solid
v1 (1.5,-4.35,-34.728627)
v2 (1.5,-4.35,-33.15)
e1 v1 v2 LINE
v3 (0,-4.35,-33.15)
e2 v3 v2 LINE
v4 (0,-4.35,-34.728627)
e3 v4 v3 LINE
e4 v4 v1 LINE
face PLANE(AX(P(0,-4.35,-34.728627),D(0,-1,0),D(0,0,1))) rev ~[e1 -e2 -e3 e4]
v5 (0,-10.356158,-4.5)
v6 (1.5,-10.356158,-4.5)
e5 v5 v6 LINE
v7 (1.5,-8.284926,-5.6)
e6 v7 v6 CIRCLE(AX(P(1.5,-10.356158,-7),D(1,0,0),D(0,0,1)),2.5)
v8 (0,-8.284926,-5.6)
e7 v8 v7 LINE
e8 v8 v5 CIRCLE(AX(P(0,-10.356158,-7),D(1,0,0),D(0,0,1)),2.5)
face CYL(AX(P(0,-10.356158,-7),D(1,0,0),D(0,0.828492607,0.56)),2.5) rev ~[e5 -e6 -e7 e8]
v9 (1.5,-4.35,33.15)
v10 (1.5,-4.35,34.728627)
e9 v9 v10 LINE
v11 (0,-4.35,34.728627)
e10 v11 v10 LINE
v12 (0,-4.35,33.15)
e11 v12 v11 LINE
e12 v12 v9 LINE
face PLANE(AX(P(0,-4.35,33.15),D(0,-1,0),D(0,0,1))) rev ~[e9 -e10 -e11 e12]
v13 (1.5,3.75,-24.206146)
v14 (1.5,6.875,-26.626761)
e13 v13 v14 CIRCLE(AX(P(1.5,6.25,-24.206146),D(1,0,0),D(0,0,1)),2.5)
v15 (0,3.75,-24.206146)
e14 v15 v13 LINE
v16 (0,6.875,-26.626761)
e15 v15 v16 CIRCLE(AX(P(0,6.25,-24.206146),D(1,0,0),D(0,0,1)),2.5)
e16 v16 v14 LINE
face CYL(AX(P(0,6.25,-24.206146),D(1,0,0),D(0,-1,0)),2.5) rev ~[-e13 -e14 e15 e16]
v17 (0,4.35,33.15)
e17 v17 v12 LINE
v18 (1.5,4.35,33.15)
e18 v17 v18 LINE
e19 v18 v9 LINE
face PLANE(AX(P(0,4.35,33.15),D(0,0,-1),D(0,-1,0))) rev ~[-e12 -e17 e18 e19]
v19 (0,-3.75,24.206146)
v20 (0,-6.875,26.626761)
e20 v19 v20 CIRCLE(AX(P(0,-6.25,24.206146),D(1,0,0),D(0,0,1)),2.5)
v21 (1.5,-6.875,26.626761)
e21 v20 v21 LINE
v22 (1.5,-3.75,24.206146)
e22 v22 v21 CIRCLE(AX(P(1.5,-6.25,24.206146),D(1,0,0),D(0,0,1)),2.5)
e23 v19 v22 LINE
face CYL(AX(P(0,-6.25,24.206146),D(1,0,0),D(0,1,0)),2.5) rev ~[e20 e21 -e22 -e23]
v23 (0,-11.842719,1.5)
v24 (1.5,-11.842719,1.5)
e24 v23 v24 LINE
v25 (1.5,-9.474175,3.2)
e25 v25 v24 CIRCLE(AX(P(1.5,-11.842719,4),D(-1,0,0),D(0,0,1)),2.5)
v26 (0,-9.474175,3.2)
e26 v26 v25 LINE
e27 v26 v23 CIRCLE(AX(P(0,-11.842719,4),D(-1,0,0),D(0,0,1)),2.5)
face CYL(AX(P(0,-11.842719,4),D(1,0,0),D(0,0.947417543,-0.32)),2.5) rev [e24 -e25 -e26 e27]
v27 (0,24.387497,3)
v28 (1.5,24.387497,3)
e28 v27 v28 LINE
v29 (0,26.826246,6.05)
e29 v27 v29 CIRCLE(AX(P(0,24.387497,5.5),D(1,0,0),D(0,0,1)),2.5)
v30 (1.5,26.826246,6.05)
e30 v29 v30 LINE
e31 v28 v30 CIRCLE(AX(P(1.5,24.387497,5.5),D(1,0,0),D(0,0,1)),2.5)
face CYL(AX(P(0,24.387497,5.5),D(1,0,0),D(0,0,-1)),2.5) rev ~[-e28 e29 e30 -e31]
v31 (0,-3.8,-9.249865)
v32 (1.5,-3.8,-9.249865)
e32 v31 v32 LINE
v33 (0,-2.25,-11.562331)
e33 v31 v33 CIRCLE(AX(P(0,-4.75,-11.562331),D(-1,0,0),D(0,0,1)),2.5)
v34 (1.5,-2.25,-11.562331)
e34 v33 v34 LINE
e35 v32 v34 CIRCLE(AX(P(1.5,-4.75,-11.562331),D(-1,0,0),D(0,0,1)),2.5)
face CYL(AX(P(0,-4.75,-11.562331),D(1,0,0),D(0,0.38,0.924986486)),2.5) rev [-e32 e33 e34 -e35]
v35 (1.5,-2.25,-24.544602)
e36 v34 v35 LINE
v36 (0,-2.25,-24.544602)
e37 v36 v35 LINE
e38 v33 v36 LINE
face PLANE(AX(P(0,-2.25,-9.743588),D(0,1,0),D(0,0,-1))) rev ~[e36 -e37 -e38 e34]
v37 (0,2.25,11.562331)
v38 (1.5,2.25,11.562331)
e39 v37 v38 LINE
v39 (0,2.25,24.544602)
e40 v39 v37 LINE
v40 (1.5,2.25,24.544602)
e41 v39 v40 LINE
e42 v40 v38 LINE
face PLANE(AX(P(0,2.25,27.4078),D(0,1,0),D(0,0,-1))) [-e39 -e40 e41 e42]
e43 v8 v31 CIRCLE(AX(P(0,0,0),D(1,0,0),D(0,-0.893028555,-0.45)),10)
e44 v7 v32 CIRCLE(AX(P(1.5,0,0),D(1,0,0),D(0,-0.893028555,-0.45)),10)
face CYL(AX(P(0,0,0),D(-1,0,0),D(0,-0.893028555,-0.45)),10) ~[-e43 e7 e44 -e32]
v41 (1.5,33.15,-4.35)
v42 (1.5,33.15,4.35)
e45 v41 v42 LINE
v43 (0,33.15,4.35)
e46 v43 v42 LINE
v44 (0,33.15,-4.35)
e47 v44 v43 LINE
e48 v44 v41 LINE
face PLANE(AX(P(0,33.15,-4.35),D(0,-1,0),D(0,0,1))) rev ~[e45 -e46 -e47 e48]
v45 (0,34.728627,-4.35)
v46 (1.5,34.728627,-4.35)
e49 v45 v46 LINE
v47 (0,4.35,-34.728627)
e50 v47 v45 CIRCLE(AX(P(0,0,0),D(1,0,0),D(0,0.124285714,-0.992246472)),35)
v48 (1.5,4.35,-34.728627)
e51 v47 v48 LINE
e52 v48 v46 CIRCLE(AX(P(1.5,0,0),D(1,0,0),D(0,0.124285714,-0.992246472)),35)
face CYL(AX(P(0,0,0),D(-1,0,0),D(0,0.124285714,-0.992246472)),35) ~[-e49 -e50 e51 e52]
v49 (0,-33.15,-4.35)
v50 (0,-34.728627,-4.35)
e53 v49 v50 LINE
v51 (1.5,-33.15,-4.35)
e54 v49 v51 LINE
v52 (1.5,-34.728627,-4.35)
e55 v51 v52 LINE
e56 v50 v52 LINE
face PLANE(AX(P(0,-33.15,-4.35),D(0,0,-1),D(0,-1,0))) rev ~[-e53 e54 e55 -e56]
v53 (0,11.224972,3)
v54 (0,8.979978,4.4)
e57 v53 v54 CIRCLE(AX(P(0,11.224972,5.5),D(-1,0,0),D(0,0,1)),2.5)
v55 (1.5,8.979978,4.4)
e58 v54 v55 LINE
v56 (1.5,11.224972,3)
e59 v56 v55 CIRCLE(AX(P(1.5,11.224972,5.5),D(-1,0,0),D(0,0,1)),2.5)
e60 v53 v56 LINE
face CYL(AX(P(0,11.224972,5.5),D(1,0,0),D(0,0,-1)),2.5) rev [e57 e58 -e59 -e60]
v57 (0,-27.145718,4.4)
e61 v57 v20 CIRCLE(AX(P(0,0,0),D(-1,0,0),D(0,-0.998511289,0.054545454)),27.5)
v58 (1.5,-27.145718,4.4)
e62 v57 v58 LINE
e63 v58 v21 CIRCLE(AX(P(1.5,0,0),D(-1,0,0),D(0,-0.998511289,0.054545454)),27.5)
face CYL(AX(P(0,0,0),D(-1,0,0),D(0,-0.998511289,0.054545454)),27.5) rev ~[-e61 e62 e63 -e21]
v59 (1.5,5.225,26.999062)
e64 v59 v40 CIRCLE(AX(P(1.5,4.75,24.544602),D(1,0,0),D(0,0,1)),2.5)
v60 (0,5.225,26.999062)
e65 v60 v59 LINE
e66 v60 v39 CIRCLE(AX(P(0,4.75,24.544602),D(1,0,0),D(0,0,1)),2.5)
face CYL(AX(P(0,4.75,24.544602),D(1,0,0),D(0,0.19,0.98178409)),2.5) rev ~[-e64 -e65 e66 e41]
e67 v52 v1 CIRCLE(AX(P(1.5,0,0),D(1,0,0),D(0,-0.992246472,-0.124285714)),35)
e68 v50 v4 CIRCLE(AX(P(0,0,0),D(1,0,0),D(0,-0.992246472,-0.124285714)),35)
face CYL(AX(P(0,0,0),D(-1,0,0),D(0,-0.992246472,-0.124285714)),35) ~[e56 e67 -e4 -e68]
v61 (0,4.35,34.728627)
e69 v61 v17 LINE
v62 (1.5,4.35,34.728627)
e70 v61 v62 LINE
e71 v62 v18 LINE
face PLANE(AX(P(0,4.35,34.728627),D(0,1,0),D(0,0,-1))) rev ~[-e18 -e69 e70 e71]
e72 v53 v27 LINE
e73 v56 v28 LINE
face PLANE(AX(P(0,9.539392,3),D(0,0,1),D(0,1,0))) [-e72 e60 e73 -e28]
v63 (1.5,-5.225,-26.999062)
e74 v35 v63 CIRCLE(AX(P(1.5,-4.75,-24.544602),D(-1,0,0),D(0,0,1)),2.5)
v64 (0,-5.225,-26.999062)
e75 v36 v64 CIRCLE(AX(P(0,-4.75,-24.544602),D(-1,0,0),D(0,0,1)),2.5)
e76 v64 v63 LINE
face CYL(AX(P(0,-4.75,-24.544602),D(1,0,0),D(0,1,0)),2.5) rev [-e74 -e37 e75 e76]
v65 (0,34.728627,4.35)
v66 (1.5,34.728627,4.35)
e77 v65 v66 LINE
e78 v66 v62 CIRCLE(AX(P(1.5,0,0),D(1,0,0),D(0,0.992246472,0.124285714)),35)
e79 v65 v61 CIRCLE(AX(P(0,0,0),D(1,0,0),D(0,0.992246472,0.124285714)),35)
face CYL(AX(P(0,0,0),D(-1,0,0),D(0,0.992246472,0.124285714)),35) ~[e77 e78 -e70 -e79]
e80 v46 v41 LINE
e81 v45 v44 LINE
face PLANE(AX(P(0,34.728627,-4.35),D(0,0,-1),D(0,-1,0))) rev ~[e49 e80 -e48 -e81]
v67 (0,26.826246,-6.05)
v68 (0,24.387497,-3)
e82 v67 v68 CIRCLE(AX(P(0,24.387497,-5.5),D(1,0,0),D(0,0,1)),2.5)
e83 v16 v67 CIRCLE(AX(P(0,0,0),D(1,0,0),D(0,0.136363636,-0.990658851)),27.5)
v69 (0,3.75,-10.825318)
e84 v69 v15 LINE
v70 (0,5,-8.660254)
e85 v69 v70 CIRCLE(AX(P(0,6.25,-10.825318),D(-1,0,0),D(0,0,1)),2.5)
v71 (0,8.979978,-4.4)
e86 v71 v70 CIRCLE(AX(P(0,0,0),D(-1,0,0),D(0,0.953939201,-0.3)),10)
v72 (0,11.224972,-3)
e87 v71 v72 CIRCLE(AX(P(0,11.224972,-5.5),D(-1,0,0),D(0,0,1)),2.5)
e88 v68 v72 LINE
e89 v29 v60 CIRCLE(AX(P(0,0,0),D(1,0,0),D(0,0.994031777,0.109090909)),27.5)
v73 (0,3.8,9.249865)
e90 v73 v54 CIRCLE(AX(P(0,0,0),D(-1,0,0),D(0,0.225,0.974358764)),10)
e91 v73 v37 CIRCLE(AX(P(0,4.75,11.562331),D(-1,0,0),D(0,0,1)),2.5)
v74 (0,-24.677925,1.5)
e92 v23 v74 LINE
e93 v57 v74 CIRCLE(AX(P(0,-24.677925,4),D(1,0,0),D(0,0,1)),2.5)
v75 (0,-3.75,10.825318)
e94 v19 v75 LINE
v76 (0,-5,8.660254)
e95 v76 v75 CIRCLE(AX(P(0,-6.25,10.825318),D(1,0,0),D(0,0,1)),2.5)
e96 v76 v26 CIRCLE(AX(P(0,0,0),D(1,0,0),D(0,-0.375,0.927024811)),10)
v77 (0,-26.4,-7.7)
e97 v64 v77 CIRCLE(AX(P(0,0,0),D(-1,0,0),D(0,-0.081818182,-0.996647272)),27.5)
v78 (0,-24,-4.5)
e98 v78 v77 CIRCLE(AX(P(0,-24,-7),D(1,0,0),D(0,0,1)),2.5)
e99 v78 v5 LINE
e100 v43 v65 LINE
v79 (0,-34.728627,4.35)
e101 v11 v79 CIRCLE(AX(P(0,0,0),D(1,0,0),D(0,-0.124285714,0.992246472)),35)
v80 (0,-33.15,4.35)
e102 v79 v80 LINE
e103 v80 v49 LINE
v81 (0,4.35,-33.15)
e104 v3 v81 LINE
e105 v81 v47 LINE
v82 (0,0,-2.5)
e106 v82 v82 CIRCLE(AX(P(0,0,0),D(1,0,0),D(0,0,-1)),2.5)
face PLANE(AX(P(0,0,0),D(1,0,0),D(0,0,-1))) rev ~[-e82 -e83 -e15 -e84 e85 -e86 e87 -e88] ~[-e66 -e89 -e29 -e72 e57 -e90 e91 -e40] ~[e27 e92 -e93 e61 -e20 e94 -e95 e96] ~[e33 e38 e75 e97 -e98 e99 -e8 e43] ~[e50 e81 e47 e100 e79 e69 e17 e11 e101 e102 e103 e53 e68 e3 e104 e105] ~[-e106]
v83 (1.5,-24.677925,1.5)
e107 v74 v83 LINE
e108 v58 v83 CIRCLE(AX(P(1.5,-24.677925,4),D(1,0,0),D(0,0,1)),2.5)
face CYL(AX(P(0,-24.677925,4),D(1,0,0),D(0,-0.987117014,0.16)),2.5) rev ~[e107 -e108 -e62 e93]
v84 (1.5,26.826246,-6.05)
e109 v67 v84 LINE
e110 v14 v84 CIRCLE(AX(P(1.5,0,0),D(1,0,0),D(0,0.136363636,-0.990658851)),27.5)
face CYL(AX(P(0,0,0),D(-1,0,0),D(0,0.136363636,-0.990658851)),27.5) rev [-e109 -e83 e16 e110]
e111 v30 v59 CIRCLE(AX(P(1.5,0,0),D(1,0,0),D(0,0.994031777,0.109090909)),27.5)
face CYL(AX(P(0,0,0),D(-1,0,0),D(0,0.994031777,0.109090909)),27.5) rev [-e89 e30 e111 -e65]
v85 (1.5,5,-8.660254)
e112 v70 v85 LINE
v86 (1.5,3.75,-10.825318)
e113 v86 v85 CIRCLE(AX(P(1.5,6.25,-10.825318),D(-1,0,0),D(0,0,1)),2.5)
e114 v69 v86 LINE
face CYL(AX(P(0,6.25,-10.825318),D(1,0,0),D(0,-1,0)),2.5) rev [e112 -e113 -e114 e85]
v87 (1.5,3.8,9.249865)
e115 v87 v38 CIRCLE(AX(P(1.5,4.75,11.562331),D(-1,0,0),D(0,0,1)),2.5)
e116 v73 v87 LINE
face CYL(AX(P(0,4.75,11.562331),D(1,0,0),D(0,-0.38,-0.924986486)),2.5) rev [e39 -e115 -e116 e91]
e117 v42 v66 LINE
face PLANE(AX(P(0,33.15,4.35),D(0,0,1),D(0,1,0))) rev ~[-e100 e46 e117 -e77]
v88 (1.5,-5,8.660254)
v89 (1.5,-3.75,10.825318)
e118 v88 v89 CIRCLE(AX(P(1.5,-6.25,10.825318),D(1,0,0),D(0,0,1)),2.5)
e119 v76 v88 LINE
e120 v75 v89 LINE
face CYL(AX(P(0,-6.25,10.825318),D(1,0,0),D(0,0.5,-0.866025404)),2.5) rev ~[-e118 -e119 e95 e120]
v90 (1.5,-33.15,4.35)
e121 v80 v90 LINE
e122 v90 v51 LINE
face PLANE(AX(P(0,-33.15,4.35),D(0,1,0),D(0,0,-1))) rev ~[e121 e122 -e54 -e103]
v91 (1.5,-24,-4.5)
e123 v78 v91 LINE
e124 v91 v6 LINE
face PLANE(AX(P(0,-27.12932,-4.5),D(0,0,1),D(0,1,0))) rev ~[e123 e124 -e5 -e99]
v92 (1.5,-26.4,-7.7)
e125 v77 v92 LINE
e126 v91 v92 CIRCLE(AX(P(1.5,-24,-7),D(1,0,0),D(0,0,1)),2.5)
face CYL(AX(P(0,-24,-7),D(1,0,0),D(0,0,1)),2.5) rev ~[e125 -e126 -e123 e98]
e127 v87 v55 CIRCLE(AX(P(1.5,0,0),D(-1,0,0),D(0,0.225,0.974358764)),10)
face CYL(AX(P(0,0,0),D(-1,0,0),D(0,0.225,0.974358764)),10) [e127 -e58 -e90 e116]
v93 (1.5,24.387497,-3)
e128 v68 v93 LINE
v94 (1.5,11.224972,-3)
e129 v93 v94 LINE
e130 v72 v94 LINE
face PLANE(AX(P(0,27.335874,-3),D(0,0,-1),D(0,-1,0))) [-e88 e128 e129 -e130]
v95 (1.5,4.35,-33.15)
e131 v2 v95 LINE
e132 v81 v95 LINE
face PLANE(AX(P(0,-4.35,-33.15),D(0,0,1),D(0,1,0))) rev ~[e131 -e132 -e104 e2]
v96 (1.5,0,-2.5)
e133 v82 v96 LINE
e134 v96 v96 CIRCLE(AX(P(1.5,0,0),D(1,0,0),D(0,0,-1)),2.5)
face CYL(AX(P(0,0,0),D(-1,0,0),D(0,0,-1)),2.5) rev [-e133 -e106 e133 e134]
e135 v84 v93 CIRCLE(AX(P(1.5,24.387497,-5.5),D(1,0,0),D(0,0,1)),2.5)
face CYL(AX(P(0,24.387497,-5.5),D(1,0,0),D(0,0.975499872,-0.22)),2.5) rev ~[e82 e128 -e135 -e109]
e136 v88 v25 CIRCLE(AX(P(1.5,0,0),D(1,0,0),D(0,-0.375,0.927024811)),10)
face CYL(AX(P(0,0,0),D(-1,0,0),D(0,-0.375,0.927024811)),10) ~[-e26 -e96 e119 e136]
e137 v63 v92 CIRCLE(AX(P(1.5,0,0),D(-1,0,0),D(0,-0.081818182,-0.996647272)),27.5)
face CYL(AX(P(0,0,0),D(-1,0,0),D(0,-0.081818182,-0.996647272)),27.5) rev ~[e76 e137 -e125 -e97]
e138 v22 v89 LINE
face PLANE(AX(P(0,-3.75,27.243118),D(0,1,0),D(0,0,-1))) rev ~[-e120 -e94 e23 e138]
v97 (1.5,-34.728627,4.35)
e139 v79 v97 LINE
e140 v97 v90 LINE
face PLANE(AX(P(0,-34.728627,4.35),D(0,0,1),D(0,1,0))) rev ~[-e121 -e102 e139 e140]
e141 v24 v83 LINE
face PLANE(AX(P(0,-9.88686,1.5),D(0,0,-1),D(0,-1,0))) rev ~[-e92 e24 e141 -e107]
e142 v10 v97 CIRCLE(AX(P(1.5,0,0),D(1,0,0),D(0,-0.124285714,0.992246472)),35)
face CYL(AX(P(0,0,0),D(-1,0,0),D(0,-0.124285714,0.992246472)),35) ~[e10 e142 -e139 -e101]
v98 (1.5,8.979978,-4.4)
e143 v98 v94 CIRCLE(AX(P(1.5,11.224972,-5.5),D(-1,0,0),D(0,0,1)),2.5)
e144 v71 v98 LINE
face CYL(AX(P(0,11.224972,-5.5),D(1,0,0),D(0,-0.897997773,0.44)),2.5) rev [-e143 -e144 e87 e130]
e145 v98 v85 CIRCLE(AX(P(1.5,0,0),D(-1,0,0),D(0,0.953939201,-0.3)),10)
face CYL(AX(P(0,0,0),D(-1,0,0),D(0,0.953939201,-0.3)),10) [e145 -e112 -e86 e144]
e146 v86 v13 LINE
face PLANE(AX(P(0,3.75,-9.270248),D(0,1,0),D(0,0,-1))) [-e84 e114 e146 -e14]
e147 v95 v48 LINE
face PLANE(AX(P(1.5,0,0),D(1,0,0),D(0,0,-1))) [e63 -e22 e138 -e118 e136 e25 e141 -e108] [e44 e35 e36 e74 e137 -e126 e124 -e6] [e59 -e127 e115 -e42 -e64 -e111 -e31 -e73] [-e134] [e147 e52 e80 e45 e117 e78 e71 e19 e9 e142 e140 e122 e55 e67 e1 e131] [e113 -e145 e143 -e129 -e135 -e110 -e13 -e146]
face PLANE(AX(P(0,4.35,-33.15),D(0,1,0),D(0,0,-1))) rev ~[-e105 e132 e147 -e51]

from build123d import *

# Parameters (mm, degrees)
SKETCH1_R           = 2.5
BOSS_EXTRUDE3_DEPTH = 1.5
FILLET1_R           = 2.5


with BuildPart() as part:
    # Sketch1 → Boss-Extrude3 (new body)
    with BuildSketch(Plane(origin=(0, 0, 0), x_dir=(0, 0, -1), z_dir=(1, 0, 0))):
        with BuildLine():
            Line((-34.72862652, 4.35), (-33.15, 4.35))
            Line((-33.15, 4.35), (-33.15, -4.35))
            Line((-33.15, -4.35), (-34.72862652, -4.35))
            ThreePointArc((-34.72862652, -4.35), (-24.748737342, -24.748737342), (-4.35, -34.72862652))
            Line((-4.35, -34.72862652), (-4.35, -33.15))
            Line((-4.35, -33.15), (4.35, -33.15))
            Line((4.35, -33.15), (4.35, -34.72862652))
            ThreePointArc((4.35, -34.72862652), (24.748737342, -24.748737342), (34.72862652, -4.35))
            Line((34.72862652, -4.35), (33.15, -4.35))
            Line((33.15, -4.35), (33.15, 4.35))
            Line((33.15, 4.35), (34.72862652, 4.35))
            ThreePointArc((34.72862652, 4.35), (24.748737342, 24.748737342), (4.35, 34.72862652))
            Line((4.35, 34.72862652), (4.35, 33.15))
            Line((4.35, 33.15), (-4.35, 33.15))
            Line((-4.35, 33.15), (-4.35, 34.72862652))
            ThreePointArc((-4.35, 34.72862652), (-24.748737342, 24.748737342), (-34.72862652, 4.35))
        make_face()
        Circle(SKETCH1_R, mode=Mode.SUBTRACT)
        with BuildLine():
            Line((9.270248109, 3.75), (27.243118397, 3.75))
            ThreePointArc((27.243118397, 3.75), (19.17641557, 19.71078603), (3, 27.335873866))
            Line((3, 27.335873866), (3, 9.539392014))
            ThreePointArc((3, 9.539392014), (6.783731432, 7.347175502), (9.270248109, 3.75))
        make_face(mode=Mode.SUBTRACT)
        with BuildLine():
            Line((-3, 9.539392014), (-3, 27.335873866))
            ThreePointArc((-3, 27.335873866), (-19.709993452, 19.177230199), (-27.407799985, 2.25))
            Line((-27.407799985, 2.25), (-9.743587635, 2.25))
            ThreePointArc((-9.743587635, 2.25), (-7.340542585, 6.790908228), (-3, 9.539392014))
        make_face(mode=Mode.SUBTRACT)
        with BuildLine():
            Line((9.743587635, -2.25), (27.407799985, -2.25))
            ThreePointArc((27.407799985, -2.25), (20.230473673, -18.627343744), (4.5, -27.129319933))
            Line((4.5, -27.129319933), (4.5, -8.93028555))
            ThreePointArc((4.5, -8.93028555), (7.866161766, -6.174422974), (9.743587635, -2.25))
        make_face(mode=Mode.SUBTRACT)
        with BuildLine():
            Line((-1.5, -9.886859967), (-1.5, -27.459060435))
            ThreePointArc((-1.5, -27.459060435), (-18.629857769, -20.22815858), (-27.243118397, -3.75))
            Line((-27.243118397, -3.75), (-9.270248109, -3.75))
            ThreePointArc((-9.270248109, -3.75), (-6.197969316, -7.847622338), (-1.5, -9.886859967))
        make_face(mode=Mode.SUBTRACT)
    extrude(amount=BOSS_EXTRUDE3_DEPTH)

    # Fillet1
    fillet1_edges = [part.edges().sort_by_distance(p)[0] for p in [
        (0.75, -9.886859967, 1.5),
        (0.75, -3.75, 9.270248109),
        (0.75, -3.75, 27.243118397),
        (0.75, -27.459060435, 1.5),
        (0.75, 27.335873866, 3),
        (0.75, 2.25, 27.407799985),
        (0.75, 2.25, 9.743587635),
        (0.75, 9.539392014, 3),
        (0.75, 3.75, -27.243118397),
        (0.75, 27.335873866, -3),
        (0.75, 9.539392014, -3),
        (0.75, 3.75, -9.270248109),
        (0.75, -2.25, -9.743587635),
        (0.75, -8.93028555, -4.5),
        (0.75, -27.129319933, -4.5),
        (0.75, -2.25, -27.407799985),
    ]]
    fillet(fillet1_edges, radius=FILLET1_R)


solid = part.part
